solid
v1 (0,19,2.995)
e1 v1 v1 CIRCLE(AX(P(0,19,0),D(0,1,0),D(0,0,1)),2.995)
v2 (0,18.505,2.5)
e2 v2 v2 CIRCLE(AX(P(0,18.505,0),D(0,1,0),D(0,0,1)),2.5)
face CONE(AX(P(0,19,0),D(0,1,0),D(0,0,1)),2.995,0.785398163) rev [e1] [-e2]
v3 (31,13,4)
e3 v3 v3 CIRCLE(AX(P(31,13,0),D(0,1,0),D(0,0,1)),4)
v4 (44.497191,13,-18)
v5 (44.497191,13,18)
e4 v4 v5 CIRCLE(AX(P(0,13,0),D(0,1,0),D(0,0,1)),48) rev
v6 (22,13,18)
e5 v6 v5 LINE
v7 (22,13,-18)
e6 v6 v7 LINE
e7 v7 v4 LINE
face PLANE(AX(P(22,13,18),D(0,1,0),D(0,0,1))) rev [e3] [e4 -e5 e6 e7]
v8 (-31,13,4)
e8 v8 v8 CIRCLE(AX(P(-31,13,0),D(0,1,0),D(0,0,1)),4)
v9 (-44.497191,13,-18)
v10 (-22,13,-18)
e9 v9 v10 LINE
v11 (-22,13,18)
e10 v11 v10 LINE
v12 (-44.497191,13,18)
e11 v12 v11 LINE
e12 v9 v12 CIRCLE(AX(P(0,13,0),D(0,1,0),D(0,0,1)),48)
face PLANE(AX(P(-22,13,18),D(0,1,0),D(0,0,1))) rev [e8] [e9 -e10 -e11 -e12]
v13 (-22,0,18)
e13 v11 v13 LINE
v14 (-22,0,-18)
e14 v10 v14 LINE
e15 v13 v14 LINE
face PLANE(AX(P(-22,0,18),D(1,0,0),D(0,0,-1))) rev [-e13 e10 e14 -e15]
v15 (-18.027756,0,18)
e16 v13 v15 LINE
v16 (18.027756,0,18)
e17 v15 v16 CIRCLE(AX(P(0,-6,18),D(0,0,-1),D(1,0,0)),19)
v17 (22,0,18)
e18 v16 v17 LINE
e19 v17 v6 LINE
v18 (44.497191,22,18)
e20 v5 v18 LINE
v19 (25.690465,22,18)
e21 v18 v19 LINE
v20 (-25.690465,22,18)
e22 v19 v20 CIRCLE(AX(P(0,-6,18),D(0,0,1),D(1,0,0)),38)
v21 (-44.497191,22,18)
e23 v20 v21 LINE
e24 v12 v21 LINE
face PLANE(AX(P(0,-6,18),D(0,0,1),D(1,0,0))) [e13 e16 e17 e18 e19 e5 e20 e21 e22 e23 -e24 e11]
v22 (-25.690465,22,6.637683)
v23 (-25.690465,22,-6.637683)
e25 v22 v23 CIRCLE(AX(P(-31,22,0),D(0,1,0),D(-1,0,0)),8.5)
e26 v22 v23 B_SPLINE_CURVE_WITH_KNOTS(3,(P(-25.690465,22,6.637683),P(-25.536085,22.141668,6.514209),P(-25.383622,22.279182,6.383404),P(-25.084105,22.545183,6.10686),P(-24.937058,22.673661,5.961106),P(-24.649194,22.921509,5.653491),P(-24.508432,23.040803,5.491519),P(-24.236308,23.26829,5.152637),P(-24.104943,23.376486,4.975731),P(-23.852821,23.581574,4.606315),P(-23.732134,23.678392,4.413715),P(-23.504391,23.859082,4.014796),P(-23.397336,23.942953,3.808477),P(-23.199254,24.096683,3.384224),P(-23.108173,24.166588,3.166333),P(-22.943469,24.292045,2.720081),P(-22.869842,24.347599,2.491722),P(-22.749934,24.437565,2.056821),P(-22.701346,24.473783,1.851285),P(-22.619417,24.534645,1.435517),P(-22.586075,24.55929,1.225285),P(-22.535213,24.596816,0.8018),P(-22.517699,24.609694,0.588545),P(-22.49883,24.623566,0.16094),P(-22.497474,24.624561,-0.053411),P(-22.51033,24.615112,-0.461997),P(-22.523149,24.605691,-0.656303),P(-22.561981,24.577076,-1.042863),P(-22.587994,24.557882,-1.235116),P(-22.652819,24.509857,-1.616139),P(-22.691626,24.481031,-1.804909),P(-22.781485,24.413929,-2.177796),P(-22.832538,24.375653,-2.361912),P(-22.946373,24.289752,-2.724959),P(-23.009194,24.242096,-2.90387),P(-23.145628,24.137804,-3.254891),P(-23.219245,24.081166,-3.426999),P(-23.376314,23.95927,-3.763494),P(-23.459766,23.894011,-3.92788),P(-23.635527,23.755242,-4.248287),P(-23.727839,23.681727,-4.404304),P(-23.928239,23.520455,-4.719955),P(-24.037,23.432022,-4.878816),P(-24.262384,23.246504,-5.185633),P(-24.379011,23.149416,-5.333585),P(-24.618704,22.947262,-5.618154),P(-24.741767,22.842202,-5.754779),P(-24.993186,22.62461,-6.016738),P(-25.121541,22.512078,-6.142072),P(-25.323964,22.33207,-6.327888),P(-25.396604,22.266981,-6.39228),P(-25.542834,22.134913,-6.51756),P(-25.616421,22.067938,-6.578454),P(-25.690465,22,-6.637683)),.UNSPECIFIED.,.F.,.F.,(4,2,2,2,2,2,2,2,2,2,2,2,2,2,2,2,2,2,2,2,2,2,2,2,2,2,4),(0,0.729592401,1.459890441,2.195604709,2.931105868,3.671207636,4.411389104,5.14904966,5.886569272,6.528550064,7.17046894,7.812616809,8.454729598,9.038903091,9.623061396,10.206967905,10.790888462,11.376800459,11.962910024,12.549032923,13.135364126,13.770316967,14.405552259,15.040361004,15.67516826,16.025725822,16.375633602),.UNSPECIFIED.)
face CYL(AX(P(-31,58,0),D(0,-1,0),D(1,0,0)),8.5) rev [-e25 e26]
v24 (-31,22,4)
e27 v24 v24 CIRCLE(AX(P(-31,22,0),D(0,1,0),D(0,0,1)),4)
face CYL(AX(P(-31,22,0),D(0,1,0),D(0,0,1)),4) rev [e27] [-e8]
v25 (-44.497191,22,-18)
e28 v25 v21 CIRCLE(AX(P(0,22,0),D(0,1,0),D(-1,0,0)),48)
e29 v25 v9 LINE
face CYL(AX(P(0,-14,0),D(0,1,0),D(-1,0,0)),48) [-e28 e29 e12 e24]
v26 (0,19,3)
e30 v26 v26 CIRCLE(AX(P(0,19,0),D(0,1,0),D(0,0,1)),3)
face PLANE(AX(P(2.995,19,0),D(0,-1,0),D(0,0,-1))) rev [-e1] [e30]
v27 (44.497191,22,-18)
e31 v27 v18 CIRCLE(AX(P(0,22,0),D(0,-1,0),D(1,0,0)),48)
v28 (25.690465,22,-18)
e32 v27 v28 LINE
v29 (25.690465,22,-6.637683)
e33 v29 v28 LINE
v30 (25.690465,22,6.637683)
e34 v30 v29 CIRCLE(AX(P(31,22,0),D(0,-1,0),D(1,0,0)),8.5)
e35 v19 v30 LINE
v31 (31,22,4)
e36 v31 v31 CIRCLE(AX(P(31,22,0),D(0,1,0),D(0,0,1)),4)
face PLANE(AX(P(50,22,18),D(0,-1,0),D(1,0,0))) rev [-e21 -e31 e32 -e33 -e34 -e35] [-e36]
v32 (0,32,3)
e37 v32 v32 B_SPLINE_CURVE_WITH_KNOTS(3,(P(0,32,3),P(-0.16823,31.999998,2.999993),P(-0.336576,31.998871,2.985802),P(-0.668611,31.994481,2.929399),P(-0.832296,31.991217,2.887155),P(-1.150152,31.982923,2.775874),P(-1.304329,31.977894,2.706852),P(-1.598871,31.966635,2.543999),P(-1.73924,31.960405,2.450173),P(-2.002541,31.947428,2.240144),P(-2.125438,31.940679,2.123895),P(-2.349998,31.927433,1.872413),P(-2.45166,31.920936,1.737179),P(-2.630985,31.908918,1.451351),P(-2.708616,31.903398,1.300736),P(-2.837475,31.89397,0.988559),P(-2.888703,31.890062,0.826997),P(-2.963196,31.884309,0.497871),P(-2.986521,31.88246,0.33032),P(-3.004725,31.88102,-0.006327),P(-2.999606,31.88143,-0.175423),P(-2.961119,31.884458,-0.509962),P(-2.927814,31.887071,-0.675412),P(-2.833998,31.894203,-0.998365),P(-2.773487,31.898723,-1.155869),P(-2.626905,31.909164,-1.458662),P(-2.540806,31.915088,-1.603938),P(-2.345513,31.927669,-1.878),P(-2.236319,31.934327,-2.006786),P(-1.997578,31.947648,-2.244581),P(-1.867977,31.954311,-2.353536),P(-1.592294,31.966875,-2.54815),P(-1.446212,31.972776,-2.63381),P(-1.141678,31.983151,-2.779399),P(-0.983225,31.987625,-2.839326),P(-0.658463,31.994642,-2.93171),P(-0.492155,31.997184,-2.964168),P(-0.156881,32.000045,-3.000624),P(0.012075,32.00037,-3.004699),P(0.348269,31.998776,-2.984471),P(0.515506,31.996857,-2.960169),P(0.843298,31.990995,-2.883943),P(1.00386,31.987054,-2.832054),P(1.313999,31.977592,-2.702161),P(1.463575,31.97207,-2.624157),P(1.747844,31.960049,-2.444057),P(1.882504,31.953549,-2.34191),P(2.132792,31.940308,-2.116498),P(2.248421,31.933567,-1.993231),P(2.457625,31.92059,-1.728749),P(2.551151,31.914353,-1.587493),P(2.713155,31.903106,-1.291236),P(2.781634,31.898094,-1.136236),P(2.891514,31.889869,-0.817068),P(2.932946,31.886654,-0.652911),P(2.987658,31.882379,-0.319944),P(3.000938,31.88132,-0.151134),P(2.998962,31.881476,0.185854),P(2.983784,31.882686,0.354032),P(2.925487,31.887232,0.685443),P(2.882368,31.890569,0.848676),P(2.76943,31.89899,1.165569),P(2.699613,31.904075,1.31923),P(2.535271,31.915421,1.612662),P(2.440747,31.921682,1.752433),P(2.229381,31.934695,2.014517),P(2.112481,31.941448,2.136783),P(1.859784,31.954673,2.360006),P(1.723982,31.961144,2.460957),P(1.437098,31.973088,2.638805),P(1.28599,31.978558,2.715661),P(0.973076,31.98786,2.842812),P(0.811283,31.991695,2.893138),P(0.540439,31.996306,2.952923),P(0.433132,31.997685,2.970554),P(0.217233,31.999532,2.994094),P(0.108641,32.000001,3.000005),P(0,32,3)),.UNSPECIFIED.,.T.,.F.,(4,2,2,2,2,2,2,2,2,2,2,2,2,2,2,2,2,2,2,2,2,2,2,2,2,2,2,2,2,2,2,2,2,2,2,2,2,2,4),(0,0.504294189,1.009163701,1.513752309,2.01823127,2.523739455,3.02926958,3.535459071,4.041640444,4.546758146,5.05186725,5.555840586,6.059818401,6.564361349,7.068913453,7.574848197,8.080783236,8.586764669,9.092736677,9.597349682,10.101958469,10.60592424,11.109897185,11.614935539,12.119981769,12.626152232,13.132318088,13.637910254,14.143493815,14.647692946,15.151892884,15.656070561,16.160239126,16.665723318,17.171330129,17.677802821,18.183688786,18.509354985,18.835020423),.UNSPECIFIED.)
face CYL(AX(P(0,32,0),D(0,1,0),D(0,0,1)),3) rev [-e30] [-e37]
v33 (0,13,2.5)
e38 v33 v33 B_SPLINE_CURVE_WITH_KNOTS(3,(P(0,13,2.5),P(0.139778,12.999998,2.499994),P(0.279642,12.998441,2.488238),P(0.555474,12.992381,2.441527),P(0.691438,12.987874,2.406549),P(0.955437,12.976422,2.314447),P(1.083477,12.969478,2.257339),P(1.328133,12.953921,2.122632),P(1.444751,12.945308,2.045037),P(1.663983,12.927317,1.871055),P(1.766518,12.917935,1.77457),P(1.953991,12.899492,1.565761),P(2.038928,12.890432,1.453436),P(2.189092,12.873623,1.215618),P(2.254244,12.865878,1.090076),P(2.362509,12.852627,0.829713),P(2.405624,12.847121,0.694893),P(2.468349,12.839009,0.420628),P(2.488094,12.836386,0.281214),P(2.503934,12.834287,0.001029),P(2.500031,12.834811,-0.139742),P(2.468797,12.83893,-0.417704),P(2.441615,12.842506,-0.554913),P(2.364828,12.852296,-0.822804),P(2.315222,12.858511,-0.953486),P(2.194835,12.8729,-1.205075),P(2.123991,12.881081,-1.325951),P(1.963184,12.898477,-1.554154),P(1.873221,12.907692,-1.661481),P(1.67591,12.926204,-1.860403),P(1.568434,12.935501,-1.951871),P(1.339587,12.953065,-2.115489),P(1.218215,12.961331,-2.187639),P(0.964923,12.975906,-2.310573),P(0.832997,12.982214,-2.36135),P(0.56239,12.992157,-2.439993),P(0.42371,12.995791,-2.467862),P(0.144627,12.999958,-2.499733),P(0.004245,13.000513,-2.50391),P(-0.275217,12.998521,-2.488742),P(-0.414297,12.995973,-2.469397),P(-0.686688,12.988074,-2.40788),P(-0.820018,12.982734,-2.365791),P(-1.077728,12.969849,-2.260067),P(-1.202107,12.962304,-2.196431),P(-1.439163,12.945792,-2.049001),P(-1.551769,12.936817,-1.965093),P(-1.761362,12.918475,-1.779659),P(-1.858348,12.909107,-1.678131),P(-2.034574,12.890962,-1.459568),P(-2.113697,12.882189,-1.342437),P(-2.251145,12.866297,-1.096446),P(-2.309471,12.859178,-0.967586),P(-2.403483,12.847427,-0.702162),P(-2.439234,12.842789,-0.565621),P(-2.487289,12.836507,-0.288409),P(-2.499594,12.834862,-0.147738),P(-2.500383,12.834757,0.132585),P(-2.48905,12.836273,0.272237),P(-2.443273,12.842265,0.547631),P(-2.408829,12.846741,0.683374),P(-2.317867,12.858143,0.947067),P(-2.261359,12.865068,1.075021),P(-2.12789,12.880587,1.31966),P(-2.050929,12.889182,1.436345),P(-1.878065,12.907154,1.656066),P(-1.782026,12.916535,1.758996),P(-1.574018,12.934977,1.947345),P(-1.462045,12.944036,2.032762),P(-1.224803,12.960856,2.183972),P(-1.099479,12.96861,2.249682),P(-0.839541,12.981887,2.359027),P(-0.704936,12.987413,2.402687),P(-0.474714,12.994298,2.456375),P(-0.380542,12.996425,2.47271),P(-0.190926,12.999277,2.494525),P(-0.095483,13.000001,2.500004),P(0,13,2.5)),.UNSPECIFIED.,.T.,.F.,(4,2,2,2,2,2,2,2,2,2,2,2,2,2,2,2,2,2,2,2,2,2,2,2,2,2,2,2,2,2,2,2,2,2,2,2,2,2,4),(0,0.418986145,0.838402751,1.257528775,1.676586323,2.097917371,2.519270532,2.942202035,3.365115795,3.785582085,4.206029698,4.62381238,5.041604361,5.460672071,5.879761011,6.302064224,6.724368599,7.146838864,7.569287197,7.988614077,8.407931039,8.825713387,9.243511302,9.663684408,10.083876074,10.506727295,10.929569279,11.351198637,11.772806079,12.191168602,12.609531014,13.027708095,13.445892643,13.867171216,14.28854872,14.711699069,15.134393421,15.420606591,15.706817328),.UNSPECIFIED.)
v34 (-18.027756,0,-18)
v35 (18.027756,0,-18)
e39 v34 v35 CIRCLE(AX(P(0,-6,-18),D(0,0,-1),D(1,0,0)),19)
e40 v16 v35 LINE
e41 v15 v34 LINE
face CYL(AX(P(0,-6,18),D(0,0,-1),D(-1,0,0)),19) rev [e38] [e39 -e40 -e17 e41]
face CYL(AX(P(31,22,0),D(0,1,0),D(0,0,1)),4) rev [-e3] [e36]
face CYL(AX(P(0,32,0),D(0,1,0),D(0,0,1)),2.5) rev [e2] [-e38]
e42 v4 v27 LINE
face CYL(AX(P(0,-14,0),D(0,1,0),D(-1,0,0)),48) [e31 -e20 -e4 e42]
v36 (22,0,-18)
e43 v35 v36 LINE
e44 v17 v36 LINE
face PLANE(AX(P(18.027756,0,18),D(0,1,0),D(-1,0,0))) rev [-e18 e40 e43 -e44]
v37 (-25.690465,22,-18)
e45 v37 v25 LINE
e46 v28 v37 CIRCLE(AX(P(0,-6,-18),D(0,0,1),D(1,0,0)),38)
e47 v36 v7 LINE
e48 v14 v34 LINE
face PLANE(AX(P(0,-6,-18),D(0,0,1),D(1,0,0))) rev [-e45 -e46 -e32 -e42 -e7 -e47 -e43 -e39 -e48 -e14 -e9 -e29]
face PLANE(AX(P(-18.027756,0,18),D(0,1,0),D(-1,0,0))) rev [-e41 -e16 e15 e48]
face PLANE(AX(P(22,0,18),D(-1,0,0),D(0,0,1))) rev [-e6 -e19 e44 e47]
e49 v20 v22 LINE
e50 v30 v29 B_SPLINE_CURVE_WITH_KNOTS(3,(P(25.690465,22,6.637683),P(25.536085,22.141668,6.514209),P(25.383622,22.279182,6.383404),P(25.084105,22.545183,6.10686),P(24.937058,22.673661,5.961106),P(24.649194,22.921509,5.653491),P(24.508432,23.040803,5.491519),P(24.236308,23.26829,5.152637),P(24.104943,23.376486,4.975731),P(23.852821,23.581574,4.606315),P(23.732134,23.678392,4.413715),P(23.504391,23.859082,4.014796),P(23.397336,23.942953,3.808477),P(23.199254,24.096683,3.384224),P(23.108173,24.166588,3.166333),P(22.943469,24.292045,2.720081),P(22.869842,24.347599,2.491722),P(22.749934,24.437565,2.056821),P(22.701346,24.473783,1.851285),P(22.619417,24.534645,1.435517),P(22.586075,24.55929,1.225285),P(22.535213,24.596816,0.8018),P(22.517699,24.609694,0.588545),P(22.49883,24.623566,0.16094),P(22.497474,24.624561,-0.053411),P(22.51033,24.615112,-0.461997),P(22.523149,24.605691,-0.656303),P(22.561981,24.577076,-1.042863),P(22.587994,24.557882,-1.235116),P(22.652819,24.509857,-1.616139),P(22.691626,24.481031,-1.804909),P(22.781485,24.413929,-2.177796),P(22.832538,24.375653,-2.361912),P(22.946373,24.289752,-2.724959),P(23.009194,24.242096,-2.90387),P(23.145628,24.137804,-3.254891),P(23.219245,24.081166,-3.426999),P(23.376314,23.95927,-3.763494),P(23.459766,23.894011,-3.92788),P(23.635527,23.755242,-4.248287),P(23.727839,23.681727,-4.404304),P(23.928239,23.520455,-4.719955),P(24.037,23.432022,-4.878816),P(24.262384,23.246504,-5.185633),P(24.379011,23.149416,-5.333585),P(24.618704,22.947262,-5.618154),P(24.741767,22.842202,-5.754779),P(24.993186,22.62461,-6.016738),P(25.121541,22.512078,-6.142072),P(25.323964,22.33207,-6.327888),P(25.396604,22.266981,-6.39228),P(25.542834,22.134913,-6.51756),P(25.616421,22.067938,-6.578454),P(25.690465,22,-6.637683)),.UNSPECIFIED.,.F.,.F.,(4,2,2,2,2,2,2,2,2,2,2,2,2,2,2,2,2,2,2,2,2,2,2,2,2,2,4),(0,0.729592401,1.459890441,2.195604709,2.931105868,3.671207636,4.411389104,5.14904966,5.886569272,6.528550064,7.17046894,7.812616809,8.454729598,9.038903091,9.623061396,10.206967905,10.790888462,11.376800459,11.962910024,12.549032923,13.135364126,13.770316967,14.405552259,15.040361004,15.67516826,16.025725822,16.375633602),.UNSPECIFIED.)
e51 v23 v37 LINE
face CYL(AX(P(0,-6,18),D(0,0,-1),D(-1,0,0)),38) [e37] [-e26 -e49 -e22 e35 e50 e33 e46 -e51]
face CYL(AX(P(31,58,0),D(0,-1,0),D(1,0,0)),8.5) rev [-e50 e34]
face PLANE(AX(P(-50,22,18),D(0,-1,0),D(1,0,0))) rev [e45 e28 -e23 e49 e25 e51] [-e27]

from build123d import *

# Parameters (mm, degrees)
BOSS_EXTRUDE1_DEPTH   = 18
F_8_0MM_DOWEL_HOLE1_D = 8
CUT_EXTRUDE1_DEPTH    = 36
CUT_EXTRUDE4_DEPTH    = 36


with BuildPart() as part:
    # Sketch2 → Boss-Extrude1 (new body, symmetric)
    with BuildSketch(Plane.XY):
        with BuildLine():
            Line((18.027756377, 0), (22, 0))
            Line((22, 0), (22, 13))
            Line((22, 13), (50, 13))
            Line((50, 13), (50, 22))
            Line((50, 22), (25.690465157, 22))
            ThreePointArc((25.690465157, 22), (0, 32), (-25.690465157, 22))
            Line((-25.690465157, 22), (-50, 22))
            Line((-50, 22), (-50, 13))
            Line((-50, 13), (-22, 13))
            Line((-22, 13), (-22, 0))
            Line((-22, 0), (-18.027756377, 0))
            ThreePointArc((-18.027756377, 0), (0, 13), (18.027756377, 0))
        make_face()
    extrude(amount=BOSS_EXTRUDE1_DEPTH, both=True)

    # Ø8.0mm Dowel Hole1 (through all)
    with Locations(Plane(origin=(0, 22, 0), x_dir=(1, 0, 0), z_dir=(0, 1, 0))):
        with Locations((-31, 0)):
            f_8_0mm_dowel_hole1 = Hole(F_8_0MM_DOWEL_HOLE1_D / 2)

    # Sketch9 → Cut-Extrude1 (cut)
    with BuildSketch(Plane(origin=(0, 22, 0), x_dir=(1, 0, 0), z_dir=(0, 1, 0))):
        with BuildLine():
            ThreePointArc((-44.497190923, -18), (-48, 0), (-44.497190923, 18))
            Line((-44.497190923, 18), (-50, 18))
            Line((-50, 18), (-50, -18))
            Line((-50, -18), (-44.497190923, -18))
        make_face()
    cut_extrude1 = extrude(amount=-CUT_EXTRUDE1_DEPTH, mode=Mode.SUBTRACT)

    # Mirror1: Ø8.0mm Dowel Hole1, Cut-Extrude1 across plane
    add(f_8_0mm_dowel_hole1.mirror(Plane(origin=(0, 0, 0), x_dir=(0, 0, 1), z_dir=(1, 0, 0))), mode=Mode.SUBTRACT)
    add(cut_extrude1.mirror(Plane(origin=(0, 0, 0), x_dir=(0, 0, 1), z_dir=(1, 0, 0))), mode=Mode.SUBTRACT)

    # Sketch10 → CBORE for M5 Hex Head Bolt1 (revolve, cut)
    with BuildSketch(Plane(origin=(0, 32, 0), x_dir=(0, 0, 1), z_dir=(1, 0, 0))):
        Polygon((0, 0), (0, 32), (2.5, 32), (2.5, 13.495), (2.995, 13), (3, 13), (3, 0), align=None)
    revolve(axis=Axis((0, 38.35, 0), (0, -1, 0)), mode=Mode.SUBTRACT)

    # Sketch12 → Cut-Extrude4 (cut)
    with BuildSketch(Plane(origin=(0, 22, 0), x_dir=(1, 0, 0), z_dir=(0, 1, 0))):
        with BuildLine():
            Line((-25.690465157, 6.637683312), (-25.690465157, -6.637683312))
            ThreePointArc((-25.690465157, -6.637683312), (-22.5, 0), (-25.690465157, 6.637683312))
        make_face()
    cut_extrude4 = extrude(amount=CUT_EXTRUDE4_DEPTH, mode=Mode.SUBTRACT)

    # Mirror2: Cut-Extrude4 across plane
    add(cut_extrude4.mirror(Plane(origin=(0, 0, 0), x_dir=(0, 0, 1), z_dir=(1, 0, 0))), mode=Mode.SUBTRACT)


solid = part.part
